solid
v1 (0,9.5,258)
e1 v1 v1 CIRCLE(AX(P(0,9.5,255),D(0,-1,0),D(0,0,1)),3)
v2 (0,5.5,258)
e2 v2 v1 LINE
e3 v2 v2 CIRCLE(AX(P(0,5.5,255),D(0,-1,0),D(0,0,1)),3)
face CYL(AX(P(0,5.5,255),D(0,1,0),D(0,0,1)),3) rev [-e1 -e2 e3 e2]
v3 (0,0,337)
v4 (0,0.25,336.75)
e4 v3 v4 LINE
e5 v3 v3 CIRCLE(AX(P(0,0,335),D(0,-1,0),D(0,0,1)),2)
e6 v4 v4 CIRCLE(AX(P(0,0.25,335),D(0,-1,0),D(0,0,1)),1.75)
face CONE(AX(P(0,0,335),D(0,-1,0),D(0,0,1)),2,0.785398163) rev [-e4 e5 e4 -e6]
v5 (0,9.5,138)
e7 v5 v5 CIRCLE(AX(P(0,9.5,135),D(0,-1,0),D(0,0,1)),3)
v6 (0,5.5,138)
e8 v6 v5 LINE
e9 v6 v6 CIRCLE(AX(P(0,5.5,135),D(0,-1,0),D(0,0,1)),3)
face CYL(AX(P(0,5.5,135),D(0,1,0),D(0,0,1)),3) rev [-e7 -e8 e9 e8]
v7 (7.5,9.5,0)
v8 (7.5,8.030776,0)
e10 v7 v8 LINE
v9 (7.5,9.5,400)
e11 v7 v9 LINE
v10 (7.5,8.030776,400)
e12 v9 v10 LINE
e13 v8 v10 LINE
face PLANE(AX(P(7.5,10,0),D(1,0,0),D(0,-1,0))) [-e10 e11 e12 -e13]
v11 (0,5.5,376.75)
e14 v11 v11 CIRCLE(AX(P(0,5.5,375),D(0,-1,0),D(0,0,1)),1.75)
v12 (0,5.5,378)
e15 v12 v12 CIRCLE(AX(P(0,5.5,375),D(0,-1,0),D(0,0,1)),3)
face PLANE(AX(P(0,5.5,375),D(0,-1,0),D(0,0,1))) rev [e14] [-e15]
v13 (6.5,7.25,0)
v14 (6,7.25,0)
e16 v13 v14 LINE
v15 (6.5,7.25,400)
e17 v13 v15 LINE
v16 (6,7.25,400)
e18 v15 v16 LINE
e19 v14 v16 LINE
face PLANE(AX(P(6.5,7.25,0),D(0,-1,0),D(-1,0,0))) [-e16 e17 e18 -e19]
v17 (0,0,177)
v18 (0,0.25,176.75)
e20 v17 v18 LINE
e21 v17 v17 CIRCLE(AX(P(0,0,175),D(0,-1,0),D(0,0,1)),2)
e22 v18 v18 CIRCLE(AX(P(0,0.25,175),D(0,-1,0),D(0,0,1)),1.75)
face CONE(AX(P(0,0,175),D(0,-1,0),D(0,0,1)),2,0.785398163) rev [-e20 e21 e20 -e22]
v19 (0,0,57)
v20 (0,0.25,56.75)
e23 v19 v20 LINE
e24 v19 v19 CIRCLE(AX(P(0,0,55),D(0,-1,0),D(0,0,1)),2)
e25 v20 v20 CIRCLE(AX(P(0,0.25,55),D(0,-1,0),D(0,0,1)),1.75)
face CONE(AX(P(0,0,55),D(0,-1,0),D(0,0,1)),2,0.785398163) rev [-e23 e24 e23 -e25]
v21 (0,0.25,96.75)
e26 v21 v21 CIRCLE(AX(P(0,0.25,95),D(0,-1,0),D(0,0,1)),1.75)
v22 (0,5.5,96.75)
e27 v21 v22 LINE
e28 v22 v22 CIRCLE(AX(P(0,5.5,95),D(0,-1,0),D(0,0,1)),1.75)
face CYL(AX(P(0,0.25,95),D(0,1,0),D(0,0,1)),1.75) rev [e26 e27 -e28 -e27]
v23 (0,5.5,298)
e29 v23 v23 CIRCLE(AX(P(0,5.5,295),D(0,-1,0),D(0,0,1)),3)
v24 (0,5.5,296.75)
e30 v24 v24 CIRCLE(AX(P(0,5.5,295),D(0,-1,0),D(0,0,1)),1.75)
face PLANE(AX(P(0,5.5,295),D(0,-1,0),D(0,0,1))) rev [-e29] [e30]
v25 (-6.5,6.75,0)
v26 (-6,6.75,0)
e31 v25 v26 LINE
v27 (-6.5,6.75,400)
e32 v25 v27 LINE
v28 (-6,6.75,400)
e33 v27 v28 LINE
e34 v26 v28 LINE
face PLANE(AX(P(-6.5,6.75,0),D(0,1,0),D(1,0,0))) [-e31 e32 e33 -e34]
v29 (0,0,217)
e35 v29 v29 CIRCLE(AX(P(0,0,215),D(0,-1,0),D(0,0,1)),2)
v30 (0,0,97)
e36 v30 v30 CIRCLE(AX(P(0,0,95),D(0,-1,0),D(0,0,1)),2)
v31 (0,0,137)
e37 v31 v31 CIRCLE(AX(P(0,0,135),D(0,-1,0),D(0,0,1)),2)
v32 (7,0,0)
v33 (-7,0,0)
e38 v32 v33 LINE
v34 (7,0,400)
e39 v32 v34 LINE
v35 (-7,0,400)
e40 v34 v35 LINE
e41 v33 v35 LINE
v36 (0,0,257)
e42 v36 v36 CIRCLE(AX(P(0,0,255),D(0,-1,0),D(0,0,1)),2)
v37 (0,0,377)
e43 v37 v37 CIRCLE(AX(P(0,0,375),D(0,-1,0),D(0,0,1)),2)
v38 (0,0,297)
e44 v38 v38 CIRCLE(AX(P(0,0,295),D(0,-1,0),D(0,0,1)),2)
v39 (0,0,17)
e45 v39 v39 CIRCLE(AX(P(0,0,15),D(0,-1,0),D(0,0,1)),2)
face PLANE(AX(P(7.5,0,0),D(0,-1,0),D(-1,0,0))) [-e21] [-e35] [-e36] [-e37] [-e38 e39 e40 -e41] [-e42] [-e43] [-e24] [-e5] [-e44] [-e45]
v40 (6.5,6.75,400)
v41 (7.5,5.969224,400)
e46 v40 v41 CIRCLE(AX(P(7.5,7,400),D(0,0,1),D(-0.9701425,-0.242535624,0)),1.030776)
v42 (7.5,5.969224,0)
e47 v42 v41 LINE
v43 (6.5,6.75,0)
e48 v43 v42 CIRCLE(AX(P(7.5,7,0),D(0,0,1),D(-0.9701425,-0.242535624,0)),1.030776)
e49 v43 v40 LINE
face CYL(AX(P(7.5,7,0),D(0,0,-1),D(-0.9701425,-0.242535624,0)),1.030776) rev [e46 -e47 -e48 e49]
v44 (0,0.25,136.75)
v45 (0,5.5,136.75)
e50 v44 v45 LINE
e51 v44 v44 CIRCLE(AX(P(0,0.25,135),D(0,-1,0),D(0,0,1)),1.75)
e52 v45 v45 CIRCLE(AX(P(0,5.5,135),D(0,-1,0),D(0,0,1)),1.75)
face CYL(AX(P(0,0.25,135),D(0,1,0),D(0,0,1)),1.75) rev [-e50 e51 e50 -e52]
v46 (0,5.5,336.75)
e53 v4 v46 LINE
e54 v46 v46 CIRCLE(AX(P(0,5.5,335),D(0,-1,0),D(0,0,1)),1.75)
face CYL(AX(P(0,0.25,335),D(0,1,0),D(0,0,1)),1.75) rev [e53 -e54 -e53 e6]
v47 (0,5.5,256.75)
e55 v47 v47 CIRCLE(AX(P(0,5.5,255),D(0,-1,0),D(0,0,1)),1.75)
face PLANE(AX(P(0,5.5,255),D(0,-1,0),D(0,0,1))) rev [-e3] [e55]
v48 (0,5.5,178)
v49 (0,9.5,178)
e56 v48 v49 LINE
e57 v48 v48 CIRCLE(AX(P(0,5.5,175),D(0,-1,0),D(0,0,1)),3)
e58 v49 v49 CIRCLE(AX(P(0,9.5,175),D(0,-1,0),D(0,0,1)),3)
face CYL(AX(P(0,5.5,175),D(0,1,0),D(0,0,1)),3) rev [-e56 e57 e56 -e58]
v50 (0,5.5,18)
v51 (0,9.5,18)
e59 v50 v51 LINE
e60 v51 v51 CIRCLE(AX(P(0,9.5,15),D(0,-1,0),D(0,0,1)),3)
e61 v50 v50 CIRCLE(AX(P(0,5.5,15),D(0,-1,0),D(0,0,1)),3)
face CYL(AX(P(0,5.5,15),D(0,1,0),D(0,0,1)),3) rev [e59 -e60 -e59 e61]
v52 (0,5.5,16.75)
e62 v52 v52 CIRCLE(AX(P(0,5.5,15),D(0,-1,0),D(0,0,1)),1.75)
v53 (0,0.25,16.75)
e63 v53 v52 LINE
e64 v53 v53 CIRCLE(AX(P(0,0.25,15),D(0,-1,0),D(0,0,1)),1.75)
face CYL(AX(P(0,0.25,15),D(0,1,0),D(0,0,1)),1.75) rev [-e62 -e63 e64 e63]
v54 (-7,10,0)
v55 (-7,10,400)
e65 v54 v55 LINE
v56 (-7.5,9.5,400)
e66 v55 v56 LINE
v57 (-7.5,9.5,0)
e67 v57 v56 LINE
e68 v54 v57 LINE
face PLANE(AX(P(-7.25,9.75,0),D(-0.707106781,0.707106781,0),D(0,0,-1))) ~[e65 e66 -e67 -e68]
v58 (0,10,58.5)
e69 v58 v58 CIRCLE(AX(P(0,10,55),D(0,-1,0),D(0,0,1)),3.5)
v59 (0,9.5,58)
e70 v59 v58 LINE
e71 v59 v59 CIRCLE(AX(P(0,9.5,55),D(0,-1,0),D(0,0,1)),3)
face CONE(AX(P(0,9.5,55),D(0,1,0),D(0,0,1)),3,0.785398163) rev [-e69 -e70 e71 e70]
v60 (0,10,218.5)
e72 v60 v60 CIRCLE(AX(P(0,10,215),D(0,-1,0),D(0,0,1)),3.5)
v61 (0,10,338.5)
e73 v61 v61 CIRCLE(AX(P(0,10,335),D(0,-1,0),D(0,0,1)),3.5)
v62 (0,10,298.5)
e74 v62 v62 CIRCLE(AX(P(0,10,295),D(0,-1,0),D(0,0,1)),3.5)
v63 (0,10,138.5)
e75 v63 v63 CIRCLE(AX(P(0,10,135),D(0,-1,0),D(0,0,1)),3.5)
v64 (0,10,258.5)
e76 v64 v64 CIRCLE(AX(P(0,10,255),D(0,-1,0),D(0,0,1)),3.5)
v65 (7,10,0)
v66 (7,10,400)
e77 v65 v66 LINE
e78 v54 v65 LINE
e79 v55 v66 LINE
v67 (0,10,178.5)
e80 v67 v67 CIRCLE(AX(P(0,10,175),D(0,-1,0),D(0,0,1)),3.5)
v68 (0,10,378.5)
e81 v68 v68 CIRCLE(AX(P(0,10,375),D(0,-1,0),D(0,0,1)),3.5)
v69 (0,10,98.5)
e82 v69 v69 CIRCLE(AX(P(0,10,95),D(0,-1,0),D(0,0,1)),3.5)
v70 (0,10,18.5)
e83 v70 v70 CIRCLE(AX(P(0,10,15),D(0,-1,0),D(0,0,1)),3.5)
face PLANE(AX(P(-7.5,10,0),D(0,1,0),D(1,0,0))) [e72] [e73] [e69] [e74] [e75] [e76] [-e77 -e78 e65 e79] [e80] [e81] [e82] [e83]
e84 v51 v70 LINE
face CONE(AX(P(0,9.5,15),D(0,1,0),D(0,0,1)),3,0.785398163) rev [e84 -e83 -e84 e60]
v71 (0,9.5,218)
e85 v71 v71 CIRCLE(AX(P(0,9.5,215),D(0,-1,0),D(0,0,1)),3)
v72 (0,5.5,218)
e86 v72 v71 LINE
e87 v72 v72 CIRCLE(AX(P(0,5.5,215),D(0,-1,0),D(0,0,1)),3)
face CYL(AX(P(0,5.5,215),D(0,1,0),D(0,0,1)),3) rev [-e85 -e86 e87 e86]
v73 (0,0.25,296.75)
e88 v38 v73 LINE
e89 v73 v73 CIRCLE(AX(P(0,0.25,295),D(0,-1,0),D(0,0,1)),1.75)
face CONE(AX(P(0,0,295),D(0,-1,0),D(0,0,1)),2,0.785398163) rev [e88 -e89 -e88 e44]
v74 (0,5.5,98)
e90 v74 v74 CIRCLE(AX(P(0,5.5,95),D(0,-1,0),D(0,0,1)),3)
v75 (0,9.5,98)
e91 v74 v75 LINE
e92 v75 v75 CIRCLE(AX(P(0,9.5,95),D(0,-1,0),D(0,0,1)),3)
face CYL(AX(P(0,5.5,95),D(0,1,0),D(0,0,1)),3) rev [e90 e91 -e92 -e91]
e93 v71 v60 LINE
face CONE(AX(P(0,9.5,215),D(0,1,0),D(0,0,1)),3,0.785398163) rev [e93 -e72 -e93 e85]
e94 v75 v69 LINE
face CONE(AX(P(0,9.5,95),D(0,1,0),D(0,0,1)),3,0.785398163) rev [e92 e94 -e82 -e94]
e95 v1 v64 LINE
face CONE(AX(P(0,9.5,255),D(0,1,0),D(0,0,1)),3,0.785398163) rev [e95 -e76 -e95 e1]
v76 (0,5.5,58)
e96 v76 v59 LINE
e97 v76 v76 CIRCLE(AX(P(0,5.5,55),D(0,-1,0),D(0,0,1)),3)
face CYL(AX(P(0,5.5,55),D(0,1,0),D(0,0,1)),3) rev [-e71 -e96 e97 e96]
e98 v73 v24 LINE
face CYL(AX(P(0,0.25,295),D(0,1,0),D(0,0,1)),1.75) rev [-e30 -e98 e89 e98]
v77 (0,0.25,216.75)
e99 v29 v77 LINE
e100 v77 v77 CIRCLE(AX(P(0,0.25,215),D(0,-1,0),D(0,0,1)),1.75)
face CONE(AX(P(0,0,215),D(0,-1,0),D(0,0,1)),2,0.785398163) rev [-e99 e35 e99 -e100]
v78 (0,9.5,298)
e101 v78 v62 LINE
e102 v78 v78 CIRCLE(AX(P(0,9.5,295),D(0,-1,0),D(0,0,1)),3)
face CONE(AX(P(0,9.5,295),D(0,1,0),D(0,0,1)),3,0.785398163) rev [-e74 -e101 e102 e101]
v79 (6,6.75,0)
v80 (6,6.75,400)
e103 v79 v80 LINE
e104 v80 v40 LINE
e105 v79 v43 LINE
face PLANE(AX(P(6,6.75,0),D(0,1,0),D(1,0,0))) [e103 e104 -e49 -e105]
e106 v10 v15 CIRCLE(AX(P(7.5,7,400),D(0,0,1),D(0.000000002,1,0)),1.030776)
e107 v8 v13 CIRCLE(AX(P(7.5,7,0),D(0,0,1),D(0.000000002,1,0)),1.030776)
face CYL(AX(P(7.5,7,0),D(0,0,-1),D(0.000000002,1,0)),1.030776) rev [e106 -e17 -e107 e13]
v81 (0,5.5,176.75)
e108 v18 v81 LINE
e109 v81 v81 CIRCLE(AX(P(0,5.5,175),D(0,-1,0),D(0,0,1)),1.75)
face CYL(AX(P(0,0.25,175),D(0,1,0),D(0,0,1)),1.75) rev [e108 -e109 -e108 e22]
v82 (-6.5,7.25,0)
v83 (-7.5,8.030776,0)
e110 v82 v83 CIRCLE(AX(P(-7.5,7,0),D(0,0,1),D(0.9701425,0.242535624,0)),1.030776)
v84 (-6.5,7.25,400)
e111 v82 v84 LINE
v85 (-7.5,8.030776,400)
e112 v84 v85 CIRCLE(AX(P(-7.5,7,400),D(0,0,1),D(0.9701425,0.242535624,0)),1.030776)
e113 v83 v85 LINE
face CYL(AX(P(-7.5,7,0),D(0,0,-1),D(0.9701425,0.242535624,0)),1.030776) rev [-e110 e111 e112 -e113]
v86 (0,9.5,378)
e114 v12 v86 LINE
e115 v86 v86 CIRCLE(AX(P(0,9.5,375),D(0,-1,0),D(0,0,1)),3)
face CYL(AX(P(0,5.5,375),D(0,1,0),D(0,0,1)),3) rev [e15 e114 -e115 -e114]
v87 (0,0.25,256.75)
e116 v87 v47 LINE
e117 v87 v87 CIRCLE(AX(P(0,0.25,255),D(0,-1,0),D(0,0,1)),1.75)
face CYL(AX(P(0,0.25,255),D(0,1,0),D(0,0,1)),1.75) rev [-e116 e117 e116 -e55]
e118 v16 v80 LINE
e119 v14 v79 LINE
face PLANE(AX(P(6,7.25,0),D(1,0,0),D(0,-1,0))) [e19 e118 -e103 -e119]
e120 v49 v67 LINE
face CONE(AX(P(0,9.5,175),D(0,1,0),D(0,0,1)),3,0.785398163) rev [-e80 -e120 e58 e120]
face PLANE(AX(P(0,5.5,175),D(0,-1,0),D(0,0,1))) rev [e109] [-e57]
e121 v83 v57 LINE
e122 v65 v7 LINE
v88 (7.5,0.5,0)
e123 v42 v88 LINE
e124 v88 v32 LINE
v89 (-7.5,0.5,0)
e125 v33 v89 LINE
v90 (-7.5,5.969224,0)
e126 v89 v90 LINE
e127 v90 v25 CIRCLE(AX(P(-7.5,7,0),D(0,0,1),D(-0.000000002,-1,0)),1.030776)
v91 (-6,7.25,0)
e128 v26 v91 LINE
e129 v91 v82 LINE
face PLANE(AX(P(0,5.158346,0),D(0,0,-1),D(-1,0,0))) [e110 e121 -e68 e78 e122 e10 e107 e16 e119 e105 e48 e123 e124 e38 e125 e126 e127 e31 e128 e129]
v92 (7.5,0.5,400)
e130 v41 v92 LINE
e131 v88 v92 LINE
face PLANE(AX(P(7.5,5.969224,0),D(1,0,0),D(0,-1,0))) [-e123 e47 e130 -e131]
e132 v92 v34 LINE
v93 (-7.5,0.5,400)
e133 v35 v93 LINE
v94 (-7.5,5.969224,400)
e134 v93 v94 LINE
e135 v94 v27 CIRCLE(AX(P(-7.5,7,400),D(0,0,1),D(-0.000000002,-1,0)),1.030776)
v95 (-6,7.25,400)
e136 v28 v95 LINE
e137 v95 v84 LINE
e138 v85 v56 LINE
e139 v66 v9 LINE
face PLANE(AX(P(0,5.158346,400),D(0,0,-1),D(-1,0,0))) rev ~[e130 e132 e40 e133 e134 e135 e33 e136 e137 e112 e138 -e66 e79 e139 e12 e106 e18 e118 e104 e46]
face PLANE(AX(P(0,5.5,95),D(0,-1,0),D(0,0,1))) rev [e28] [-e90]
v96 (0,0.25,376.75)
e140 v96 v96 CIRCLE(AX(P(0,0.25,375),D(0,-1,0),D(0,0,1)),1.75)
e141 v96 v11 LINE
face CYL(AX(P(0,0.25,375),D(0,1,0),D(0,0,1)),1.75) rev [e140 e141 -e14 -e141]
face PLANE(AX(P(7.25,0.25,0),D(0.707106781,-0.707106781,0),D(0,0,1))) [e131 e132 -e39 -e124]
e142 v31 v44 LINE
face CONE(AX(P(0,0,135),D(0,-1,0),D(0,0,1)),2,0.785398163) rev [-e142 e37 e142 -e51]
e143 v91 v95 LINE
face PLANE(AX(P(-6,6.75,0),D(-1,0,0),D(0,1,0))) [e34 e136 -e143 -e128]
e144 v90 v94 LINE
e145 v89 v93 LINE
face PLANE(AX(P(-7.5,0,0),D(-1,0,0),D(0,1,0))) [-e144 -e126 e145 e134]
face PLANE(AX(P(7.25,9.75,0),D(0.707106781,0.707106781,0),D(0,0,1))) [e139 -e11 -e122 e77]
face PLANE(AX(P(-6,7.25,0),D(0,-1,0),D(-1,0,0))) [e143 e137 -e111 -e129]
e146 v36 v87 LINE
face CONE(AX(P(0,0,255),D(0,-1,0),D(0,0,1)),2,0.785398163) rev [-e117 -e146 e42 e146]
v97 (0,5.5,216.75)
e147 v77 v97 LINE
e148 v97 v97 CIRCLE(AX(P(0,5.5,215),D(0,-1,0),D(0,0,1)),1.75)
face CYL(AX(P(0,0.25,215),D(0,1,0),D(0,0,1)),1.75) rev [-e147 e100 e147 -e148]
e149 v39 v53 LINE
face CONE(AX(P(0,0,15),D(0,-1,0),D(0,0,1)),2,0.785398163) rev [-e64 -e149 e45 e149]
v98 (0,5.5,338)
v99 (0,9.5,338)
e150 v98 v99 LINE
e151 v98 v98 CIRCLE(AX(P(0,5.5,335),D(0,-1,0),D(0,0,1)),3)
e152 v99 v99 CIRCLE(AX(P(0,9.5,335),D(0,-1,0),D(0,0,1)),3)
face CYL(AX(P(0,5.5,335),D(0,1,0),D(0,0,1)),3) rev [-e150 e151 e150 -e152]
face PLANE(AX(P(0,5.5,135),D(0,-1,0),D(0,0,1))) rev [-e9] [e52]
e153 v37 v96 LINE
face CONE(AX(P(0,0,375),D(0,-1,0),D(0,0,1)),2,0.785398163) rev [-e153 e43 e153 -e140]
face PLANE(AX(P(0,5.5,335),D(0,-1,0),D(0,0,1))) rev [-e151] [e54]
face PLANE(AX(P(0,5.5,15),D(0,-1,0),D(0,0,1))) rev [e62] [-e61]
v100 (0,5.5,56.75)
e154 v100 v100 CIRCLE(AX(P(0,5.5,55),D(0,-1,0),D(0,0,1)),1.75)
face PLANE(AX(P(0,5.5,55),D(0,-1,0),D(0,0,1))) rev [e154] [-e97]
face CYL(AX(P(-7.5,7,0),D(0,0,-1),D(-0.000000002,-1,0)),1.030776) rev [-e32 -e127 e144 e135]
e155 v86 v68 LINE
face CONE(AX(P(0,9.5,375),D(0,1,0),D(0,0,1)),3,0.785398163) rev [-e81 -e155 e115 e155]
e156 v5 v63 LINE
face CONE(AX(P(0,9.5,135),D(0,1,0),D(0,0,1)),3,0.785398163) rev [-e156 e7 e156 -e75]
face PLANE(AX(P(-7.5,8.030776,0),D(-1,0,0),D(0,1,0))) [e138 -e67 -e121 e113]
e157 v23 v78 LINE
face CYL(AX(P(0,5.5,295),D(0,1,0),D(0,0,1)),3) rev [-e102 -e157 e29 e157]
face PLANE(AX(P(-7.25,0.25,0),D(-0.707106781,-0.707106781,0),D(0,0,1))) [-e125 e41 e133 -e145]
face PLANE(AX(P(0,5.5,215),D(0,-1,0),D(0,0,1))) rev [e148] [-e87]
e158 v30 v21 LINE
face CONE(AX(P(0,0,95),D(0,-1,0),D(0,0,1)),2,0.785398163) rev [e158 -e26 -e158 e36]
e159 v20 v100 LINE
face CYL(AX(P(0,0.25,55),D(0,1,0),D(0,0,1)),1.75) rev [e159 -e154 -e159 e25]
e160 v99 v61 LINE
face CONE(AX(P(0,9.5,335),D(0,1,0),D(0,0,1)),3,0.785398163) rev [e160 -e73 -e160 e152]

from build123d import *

# Parameters (mm, degrees)
BOSS_EXTRUDE1_DEPTH = 400
CHAMFER1_SIZE       = 0.5
LPATTERN1_COUNT     = 10
LPATTERN1_PITCH     = 40


with BuildPart() as part:
    # Sketch1 → Boss-Extrude1 (new body)
    with BuildSketch(Plane.XY):
        with BuildLine():
            Line((-7.5, 10), (7.5, 10))
            Line((7.5, 10), (7.5, 8.25))
            Line((7.5, 8.25), (7.5, 8.030776406))
            ThreePointArc((7.5, 8.030776406), (6.865647614, 7.812463569), (6.5, 7.25))
            Line((6.5, 7.25), (6, 7.25))
            Line((6, 7.25), (6, 6.75))
            Line((6, 6.75), (6.5, 6.75))
            ThreePointArc((6.5, 6.75), (6.865647614, 6.187536431), (7.5, 5.969223594))
            Line((7.5, 5.969223594), (7.5, 5.75))
            Line((7.5, 5.75), (7.5, 0))
            Line((7.5, 0), (-7.5, 0))
            Line((-7.5, 0), (-7.5, 5.75))
            Line((-7.5, 5.75), (-7.5, 5.969223594))
            ThreePointArc((-7.5, 5.969223594), (-6.865647614, 6.187536431), (-6.5, 6.75))
            Line((-6.5, 6.75), (-6, 6.75))
            Line((-6, 6.75), (-6, 7.25))
            Line((-6, 7.25), (-6.5, 7.25))
            ThreePointArc((-6.5, 7.25), (-6.865647614, 7.812463569), (-7.5, 8.030776406))
            Line((-7.5, 8.030776406), (-7.5, 8.25))
            Line((-7.5, 8.25), (-7.5, 10))
        make_face()
    extrude(amount=BOSS_EXTRUDE1_DEPTH)

    # Chamfer1
    chamfer1_edges = [part.edges().sort_by_distance(p)[0] for p in [
        (-7.5, 10, 200),
        (7.5, 10, 200),
        (7.5, 0, 200),
        (-7.5, 0, 200),
    ]]
    chamfer(chamfer1_edges, length=CHAMFER1_SIZE)

    # Sketch3 → M3 六角承窩頭蓋螺釘的柱孔1 (revolve, cut)
    with BuildSketch(Plane(origin=(0, 10, 15), x_dir=(0, 0, 1), z_dir=(1, 0, 0))):
        Polygon((0, 0), (0, 10), (2, 10), (1.75, 9.75), (1.75, 4.5), (3, 4.5), (3, 0.5), (3.5, 0), align=None)
    hole_wizard_m3_1 = revolve(axis=Axis((0, 16.35, 15), (0, -1, 0)), mode=Mode.SUBTRACT)

    # LPattern1: M3 六角承窩頭蓋螺釘的柱孔1 ×10
    with Locations(*[(0, 0, i * LPATTERN1_PITCH) for i in range(1, LPATTERN1_COUNT)]):
        add(hole_wizard_m3_1, mode=Mode.SUBTRACT)


solid = part.part
